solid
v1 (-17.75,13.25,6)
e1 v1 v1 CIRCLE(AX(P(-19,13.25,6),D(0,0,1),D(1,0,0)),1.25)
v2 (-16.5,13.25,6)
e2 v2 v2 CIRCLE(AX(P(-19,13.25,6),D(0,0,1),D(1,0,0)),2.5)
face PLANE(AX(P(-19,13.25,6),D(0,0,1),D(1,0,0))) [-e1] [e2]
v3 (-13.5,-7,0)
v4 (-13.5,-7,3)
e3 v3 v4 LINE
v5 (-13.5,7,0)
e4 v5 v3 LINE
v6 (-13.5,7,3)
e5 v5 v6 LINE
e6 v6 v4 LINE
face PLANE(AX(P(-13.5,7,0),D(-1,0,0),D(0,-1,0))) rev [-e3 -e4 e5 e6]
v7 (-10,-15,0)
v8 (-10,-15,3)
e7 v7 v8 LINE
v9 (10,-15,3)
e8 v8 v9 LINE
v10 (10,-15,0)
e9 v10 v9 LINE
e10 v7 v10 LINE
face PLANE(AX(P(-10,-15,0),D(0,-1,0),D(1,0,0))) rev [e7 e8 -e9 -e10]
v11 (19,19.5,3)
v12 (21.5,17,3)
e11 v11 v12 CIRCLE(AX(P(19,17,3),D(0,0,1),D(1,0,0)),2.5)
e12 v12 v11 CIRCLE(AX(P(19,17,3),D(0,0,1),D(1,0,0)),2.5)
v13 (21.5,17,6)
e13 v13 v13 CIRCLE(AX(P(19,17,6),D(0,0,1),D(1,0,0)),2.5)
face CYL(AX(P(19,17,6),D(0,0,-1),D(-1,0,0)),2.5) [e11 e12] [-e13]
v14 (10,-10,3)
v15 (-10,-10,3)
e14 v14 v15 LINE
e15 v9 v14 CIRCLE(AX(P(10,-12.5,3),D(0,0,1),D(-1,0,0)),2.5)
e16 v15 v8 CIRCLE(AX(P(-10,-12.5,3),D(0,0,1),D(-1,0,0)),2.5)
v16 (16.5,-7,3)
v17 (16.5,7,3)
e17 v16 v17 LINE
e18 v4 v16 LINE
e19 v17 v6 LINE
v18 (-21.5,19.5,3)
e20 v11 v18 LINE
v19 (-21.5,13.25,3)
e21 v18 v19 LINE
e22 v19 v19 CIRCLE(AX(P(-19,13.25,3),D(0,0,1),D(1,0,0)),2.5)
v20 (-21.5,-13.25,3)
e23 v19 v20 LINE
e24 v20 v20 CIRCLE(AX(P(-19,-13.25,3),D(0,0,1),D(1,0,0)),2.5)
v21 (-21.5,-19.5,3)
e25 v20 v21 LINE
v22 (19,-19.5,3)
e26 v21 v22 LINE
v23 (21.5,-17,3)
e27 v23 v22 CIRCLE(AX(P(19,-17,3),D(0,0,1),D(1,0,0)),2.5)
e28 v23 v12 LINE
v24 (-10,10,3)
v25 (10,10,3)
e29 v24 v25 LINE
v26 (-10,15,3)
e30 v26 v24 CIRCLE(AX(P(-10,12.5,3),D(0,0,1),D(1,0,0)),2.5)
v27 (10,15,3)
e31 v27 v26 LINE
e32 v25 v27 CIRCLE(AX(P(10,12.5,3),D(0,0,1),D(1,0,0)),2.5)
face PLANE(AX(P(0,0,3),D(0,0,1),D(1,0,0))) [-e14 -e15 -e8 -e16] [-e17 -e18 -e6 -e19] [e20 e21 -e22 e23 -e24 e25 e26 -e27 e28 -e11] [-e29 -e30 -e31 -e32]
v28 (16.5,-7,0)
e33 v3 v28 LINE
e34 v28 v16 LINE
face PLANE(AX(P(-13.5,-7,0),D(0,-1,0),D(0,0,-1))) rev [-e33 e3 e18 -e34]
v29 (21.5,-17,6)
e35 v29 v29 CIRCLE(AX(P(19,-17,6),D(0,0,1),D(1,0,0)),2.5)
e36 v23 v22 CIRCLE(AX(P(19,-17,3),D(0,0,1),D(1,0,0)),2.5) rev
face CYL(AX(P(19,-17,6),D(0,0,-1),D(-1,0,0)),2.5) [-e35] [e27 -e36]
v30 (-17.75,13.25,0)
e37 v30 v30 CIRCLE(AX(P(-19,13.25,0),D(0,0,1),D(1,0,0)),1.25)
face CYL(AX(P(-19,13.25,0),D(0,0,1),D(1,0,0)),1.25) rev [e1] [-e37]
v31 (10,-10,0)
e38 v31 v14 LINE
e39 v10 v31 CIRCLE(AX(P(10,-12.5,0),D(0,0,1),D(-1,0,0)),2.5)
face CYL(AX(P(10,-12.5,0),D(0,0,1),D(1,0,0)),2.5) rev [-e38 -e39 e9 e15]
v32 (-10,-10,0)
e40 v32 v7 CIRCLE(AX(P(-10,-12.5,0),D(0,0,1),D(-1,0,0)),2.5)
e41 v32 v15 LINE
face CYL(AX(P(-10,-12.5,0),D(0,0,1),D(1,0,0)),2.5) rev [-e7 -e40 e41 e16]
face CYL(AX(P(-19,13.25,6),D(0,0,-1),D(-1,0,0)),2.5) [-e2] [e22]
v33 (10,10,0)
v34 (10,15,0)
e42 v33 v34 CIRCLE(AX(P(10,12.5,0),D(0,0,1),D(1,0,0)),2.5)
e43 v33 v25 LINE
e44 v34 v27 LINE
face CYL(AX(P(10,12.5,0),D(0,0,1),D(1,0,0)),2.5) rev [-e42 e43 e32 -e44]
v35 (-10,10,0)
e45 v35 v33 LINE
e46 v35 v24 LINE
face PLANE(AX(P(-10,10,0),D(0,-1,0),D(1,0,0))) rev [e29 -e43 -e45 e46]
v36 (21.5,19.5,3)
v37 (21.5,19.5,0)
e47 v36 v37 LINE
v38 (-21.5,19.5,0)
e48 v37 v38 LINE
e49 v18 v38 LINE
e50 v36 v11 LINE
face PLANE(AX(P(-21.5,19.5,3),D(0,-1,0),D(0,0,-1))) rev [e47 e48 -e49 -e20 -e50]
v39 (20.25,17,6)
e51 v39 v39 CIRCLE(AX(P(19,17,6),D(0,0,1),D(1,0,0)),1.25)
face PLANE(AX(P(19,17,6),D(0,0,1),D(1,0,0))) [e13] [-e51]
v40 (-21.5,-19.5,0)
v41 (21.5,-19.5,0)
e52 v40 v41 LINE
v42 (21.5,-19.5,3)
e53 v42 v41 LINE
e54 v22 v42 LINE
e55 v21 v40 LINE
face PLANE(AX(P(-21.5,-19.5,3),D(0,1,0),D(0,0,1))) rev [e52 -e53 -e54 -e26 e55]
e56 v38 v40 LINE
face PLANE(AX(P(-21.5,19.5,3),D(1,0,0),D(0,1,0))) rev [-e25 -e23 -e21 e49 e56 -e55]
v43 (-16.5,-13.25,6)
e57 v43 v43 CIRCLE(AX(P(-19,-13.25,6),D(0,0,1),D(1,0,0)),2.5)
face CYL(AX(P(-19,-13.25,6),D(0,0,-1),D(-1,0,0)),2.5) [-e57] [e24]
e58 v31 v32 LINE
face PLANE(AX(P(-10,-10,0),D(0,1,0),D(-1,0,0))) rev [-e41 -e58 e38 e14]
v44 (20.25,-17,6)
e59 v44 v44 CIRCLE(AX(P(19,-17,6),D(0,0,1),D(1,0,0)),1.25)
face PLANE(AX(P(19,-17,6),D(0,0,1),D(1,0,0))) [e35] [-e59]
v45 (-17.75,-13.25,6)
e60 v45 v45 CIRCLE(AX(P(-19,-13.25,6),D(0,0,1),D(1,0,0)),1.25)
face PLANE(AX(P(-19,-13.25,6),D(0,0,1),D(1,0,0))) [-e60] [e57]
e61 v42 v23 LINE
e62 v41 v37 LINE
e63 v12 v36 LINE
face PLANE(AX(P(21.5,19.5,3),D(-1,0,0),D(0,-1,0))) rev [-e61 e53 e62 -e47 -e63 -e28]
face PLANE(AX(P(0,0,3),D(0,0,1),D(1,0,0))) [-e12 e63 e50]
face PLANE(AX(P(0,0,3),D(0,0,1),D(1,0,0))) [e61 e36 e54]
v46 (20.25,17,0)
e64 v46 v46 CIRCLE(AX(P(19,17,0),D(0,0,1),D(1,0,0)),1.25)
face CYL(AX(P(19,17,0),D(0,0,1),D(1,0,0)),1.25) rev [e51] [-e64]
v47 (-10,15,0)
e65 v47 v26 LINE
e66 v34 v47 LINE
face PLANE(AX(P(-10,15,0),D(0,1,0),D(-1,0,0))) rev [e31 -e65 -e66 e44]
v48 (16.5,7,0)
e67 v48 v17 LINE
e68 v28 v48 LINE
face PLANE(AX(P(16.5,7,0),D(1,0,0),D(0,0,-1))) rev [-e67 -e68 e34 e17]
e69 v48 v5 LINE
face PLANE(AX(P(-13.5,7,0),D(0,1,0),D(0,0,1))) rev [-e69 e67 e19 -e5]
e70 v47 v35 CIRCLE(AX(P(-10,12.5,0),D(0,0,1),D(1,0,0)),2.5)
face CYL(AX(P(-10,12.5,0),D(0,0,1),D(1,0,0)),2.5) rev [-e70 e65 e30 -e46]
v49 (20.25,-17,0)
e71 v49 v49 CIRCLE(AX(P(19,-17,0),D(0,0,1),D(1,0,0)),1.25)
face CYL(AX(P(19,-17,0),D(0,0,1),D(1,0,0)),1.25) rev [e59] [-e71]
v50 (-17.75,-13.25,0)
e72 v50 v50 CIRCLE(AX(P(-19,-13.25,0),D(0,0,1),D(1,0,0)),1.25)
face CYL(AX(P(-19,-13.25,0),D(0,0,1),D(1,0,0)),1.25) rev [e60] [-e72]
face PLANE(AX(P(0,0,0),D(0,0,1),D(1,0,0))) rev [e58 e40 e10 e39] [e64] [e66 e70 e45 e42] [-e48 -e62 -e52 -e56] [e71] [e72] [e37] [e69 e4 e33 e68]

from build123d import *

# Parameters (mm, degrees)
SCHIZZO1_W                   = 43
SCHIZZO1_H                   = 39
ESTRUSIONE_ESTRUSIONE1_DEPTH = 3
SCHIZZO2_R                   = 2.5
ESTRUSIONE_ESTRUSIONE2_DEPTH = 3
SCHIZZO3_R                   = 1.25
TAGLIO_ESTRUSIONE1_DEPTH     = 30.639500671
SCHIZZO4_W                   = 30
SCHIZZO4_H                   = 14
TAGLIO_ESTRUSIONE2_DEPTH     = 30.180472923


with BuildPart() as part:
    # Schizzo1 → Estrusione-Estrusione1 (new body)
    with BuildSketch(Plane.XY):
        Rectangle(SCHIZZO1_W, SCHIZZO1_H)
    extrude(amount=ESTRUSIONE_ESTRUSIONE1_DEPTH)

    # Schizzo2 → Estrusione-Estrusione2 (add)
    with BuildSketch(Plane.XY.offset(3)):
        with Locations((19, 17)):
            Circle(SCHIZZO2_R)
        with Locations(Location((-19, 13.25, 0), (0, 0, 180))):
            Circle(SCHIZZO2_R)
        with Locations((19, -17)):
            Circle(SCHIZZO2_R)
        with Locations(Location((-19, -13.25, 0), (0, 0, 180))):
            Circle(SCHIZZO2_R)
    extrude(amount=ESTRUSIONE_ESTRUSIONE2_DEPTH)

    # Schizzo3 → Taglio-Estrusione1 (cut, through all)
    with BuildSketch(Plane.XY.offset(6)):
        with Locations((-19, 13.25)):
            Circle(SCHIZZO3_R)
        with Locations((19, 17)):
            Circle(SCHIZZO3_R)
        with Locations((19, -17)):
            Circle(SCHIZZO3_R)
        with Locations((-19, -13.25)):
            Circle(SCHIZZO3_R)
    extrude(amount=-TAGLIO_ESTRUSIONE1_DEPTH, mode=Mode.SUBTRACT)

    # Schizzo4 → Taglio-Estrusione2 (cut, through all)
    with BuildSketch(Plane.XY.offset(3)):
        with BuildLine():
            Line((-10, 15), (10, 15))
            ThreePointArc((10, 15), (12.5, 12.5), (10, 10))
            Line((10, 10), (-10, 10))
            ThreePointArc((-10, 10), (-12.5, 12.5), (-10, 15))
        make_face()
        with Locations((1.5, 0)):
            Rectangle(SCHIZZO4_W, SCHIZZO4_H)
        with BuildLine():
            Line((-10, -15), (10, -15))
            ThreePointArc((10, -15), (12.5, -12.5), (10, -10))
            Line((10, -10), (-10, -10))
            ThreePointArc((-10, -10), (-12.5, -12.5), (-10, -15))
        make_face()
    extrude(amount=-TAGLIO_ESTRUSIONE2_DEPTH, mode=Mode.SUBTRACT)


solid = part.part
